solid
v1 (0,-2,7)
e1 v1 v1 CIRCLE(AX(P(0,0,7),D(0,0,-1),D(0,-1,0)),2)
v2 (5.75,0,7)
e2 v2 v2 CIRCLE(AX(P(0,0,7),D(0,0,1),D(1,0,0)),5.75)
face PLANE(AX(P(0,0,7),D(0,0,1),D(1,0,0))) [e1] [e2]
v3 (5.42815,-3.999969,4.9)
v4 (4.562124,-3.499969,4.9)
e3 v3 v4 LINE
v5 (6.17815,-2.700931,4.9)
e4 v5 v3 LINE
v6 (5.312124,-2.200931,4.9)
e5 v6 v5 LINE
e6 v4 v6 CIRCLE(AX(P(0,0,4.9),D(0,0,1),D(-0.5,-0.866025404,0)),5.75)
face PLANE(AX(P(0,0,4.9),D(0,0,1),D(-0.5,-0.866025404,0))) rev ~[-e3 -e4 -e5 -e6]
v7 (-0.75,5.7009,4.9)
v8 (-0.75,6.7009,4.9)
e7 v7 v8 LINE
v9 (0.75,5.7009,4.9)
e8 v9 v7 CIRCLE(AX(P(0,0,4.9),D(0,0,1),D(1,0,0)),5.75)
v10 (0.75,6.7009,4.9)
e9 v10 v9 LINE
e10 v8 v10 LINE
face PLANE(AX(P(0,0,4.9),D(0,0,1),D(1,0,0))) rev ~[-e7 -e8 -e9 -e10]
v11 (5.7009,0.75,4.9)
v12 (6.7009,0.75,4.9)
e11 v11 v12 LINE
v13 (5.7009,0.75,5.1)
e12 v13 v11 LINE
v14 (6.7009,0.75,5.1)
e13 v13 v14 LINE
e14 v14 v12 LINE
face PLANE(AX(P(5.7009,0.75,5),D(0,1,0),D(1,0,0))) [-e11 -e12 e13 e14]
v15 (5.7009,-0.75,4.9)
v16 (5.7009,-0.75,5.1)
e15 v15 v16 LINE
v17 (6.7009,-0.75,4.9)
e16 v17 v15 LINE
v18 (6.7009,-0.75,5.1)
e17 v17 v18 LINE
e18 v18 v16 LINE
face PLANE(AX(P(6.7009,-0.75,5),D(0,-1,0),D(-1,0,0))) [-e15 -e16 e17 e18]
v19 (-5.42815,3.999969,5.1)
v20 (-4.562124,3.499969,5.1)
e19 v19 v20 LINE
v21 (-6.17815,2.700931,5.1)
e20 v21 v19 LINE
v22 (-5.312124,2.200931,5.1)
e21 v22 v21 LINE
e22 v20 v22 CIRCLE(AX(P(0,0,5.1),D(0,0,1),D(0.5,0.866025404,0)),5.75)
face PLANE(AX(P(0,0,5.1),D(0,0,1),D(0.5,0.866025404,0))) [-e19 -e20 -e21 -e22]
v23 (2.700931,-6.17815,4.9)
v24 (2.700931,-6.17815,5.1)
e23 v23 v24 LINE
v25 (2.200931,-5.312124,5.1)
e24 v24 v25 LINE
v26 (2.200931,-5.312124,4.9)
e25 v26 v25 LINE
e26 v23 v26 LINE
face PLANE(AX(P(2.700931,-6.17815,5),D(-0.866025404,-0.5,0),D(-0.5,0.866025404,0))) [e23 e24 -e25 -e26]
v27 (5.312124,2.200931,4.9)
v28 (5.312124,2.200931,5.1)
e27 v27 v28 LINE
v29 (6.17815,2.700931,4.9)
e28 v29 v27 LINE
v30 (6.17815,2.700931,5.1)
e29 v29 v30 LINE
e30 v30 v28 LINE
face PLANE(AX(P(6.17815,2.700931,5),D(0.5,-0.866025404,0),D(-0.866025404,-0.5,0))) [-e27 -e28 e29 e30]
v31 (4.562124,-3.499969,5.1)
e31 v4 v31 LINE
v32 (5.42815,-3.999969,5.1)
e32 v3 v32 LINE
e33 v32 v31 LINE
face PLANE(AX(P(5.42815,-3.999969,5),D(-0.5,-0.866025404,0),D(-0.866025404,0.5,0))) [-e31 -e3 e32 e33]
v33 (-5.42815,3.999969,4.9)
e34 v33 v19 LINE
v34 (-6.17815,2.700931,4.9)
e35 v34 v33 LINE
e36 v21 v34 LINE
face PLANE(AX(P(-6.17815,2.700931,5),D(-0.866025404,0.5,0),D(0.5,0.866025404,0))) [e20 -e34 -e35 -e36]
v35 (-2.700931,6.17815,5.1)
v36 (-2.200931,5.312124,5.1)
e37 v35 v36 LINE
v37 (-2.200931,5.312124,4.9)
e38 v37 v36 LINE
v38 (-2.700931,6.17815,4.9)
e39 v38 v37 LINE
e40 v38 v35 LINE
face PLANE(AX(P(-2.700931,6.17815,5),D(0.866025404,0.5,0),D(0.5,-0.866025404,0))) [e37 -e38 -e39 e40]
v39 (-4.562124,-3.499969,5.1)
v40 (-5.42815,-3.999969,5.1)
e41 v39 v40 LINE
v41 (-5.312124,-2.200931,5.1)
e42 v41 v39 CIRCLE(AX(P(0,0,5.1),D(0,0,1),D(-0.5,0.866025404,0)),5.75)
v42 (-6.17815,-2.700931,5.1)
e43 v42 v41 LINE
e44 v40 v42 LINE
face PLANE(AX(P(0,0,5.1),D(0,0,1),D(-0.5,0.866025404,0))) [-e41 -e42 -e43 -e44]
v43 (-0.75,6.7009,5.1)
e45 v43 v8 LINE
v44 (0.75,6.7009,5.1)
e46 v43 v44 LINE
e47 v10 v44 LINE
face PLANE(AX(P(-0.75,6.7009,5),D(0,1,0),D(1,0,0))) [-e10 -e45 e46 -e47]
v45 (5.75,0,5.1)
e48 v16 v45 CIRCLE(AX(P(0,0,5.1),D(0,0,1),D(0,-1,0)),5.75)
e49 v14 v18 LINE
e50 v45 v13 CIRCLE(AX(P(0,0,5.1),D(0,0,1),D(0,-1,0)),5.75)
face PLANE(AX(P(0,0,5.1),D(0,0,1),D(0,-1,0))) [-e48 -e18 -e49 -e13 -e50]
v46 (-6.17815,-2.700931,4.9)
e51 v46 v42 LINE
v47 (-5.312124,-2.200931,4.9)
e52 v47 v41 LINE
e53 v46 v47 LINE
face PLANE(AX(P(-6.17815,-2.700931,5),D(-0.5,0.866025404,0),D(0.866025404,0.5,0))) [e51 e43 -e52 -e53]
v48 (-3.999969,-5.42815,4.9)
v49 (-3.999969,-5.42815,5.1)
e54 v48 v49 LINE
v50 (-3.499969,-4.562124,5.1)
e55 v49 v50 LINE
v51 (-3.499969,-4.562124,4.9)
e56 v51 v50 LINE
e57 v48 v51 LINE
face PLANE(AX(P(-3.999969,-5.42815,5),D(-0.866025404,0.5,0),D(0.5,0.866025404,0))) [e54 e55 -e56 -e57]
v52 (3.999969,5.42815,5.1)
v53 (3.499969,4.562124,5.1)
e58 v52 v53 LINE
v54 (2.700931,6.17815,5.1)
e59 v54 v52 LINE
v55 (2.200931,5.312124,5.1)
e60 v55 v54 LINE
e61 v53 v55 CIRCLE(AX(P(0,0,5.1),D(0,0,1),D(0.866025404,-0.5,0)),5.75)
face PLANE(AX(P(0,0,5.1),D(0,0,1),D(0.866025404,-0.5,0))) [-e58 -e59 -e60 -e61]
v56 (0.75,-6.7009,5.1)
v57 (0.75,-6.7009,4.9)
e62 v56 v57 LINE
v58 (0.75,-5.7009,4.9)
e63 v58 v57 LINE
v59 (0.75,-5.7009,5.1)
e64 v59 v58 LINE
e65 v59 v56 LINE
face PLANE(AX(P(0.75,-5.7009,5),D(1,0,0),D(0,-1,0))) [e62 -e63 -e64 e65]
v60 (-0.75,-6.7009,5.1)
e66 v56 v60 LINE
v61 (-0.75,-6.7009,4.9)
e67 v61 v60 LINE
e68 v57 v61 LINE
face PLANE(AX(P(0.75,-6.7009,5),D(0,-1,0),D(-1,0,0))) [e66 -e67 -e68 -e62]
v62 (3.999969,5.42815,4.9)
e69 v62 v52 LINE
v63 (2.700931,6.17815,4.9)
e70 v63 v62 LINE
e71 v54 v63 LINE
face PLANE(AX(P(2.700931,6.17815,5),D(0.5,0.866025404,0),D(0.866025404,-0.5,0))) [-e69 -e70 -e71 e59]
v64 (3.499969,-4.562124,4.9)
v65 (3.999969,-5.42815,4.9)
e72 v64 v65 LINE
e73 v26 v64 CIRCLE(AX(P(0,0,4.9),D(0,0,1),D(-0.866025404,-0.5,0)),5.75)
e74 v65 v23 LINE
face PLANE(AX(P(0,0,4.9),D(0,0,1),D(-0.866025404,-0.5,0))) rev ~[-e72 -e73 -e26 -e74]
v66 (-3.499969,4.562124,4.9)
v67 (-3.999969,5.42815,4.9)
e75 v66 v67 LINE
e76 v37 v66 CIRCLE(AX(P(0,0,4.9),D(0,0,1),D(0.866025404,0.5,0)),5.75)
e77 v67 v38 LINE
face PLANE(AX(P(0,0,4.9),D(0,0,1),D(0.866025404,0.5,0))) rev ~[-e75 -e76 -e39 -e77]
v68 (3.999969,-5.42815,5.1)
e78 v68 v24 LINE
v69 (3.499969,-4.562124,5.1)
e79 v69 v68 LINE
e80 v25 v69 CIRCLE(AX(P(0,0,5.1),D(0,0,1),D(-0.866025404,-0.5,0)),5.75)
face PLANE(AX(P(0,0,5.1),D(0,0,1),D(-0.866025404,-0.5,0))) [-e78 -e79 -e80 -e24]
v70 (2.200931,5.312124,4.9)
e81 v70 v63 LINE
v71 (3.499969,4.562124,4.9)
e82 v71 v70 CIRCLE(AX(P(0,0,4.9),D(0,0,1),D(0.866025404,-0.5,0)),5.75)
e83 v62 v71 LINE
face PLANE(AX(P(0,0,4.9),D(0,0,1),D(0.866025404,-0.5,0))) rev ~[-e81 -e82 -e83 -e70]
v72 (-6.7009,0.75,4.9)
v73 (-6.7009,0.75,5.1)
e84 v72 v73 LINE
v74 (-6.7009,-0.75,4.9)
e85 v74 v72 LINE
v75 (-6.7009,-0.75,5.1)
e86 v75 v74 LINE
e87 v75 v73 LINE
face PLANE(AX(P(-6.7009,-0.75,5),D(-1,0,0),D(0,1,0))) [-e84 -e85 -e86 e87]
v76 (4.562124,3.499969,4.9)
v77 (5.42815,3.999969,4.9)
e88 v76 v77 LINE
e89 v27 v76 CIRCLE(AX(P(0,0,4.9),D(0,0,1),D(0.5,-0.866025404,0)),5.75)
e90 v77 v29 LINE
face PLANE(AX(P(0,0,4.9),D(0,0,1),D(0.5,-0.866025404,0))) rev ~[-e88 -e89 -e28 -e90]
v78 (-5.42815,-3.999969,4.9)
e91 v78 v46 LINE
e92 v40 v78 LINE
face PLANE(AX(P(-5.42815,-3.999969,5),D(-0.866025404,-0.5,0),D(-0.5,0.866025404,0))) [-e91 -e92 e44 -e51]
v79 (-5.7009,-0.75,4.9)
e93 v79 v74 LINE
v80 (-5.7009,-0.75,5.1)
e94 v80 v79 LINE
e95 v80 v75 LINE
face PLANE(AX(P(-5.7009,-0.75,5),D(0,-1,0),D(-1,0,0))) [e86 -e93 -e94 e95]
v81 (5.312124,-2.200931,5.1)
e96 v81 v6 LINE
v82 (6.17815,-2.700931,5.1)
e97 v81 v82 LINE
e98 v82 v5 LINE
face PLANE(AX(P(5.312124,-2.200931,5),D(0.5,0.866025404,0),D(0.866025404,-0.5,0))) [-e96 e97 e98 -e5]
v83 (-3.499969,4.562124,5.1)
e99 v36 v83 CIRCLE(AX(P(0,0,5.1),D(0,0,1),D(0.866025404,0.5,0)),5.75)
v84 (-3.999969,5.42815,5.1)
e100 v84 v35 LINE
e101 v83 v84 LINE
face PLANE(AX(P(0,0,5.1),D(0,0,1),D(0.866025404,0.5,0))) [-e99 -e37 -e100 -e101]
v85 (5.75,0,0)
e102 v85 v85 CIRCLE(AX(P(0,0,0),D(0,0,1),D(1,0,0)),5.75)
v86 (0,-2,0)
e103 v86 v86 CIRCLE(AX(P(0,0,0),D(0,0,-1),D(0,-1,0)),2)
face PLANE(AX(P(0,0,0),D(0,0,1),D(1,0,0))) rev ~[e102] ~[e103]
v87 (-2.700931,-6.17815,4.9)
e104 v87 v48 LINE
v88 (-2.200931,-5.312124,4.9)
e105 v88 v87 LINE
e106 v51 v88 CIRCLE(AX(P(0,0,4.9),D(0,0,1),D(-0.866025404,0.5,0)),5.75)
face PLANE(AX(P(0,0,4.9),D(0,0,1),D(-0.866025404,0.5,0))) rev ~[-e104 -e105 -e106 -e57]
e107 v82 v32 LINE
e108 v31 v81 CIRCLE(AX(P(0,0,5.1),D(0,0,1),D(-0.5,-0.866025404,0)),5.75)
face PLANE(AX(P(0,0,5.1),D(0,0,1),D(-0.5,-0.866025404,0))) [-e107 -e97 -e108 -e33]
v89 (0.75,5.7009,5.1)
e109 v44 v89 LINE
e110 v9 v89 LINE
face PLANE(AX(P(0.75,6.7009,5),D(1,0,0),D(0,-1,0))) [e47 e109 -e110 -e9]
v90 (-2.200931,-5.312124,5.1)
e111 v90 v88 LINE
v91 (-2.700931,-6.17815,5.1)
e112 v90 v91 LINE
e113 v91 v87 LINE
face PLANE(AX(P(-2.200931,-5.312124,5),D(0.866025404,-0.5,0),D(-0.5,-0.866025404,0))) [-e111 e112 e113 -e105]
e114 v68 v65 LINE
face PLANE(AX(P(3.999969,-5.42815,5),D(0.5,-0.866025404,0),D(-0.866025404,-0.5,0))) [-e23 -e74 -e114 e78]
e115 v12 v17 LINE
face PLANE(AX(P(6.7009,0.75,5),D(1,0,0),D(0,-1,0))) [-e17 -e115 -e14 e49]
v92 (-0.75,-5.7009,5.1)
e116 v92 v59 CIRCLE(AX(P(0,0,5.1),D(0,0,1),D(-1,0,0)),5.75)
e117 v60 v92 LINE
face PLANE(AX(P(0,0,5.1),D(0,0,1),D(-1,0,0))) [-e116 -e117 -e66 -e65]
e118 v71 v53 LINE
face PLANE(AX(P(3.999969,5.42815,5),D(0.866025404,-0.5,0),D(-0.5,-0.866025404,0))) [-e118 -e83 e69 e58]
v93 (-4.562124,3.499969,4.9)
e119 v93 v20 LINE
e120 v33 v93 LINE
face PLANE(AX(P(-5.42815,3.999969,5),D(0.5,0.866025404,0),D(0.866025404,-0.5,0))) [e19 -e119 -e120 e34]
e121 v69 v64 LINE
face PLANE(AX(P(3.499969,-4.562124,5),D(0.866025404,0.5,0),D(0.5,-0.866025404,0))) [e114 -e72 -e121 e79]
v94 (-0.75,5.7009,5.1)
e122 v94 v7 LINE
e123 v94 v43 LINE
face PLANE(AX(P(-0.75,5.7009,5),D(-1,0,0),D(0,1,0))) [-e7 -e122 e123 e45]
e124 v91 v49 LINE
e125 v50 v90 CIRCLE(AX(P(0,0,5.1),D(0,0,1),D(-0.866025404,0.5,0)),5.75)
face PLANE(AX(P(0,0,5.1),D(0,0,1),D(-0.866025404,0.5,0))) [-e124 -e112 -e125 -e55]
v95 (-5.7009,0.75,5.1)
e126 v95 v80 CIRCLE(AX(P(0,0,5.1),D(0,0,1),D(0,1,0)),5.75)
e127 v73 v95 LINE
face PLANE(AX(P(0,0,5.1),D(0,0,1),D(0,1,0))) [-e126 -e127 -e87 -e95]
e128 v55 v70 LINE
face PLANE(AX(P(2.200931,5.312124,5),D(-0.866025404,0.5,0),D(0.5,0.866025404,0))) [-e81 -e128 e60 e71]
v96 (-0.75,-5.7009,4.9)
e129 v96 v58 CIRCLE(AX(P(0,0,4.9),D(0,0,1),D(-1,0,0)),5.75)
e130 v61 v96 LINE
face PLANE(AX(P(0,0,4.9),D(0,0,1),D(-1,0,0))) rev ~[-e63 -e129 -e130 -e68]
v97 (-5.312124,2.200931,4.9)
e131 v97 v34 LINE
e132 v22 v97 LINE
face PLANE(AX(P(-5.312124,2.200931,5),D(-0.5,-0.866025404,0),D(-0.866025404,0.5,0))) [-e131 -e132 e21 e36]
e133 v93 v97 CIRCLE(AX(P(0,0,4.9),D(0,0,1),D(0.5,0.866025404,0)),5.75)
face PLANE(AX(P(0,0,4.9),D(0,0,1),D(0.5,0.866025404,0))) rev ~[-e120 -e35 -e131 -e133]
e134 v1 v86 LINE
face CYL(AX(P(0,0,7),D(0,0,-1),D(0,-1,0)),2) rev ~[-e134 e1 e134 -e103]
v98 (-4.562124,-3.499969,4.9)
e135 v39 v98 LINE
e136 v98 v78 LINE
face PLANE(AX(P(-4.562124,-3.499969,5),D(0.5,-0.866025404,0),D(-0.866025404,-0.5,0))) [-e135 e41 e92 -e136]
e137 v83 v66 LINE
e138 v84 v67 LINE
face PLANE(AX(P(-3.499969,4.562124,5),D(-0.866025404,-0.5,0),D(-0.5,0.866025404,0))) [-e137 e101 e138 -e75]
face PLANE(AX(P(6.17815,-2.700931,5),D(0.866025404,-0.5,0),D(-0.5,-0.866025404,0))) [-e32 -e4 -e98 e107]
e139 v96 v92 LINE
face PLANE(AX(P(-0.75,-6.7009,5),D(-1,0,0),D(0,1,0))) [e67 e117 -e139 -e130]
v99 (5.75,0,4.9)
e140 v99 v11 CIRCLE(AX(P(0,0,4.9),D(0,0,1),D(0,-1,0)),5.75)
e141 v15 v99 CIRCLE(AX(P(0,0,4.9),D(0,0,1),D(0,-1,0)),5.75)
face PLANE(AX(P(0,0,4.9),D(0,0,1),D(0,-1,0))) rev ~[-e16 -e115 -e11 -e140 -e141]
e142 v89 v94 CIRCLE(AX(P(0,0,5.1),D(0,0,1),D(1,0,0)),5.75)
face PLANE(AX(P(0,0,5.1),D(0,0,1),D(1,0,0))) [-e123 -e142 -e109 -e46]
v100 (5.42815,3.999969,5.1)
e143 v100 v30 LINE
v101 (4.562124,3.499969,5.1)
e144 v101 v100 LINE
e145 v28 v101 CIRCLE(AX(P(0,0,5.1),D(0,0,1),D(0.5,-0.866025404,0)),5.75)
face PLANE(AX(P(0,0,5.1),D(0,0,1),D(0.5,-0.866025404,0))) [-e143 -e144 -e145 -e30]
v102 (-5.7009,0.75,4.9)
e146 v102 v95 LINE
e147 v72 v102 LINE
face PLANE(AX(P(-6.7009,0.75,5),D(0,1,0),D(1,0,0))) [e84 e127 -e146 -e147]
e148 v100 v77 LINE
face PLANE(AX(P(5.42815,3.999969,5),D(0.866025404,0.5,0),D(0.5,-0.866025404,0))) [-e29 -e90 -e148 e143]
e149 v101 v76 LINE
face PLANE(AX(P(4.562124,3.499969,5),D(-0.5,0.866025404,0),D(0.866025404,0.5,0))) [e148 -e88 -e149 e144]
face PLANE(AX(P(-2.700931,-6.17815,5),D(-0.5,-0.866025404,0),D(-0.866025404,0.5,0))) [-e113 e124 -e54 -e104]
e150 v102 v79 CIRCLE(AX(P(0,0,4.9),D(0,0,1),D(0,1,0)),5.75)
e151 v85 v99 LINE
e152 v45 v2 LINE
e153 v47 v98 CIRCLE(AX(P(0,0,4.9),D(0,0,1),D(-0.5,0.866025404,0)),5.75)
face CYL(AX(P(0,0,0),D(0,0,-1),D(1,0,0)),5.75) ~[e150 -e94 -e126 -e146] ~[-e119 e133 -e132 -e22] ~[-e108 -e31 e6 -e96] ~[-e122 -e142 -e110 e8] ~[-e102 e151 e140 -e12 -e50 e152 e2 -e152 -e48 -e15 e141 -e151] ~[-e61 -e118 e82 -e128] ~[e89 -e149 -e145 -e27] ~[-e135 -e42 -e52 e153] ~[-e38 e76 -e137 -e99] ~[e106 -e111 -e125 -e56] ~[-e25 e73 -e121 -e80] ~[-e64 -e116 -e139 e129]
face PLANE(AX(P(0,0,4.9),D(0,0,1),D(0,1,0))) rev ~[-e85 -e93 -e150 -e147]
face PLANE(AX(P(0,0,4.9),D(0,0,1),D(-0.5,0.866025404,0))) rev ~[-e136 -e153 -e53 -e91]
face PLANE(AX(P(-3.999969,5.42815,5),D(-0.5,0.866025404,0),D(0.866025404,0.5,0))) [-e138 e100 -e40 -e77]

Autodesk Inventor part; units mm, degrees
ref_plane "YZ Plane" through (0, 0, 0) normal (1, 0, 0) x (0, 1, 0)
ref_plane "XZ Plane" through (0, 0, 0) normal (0, 1, 0) x (-1, 0, 0)
sketch "Sketch1" plane through (0, 0, 0) normal (0, 0, 1) x (1, 0, 0)
  circle A0 centre (0, 0) radius 5.75
  dimension "d0" = 11.5
extrude "Extrusion1" add sketch "Sketch1" along normal blind 7
ref_plane "Work Plane1" through (0, 0, 5) normal (0, 0, 1) x (1, 0, 0)
sketch "Sketch2" plane through (0, 0, 5) normal (0, 0, 1) x (1, 0, 0)
  circle A0 centre (0, 0) radius 5.75 projected
  circle A1 centre (0, 0) radius 5.75 projected
  line L0 (-0.75, 5.7009) -> (-0.75, 6.7009)
  line L1 (-0.75, 6.7009) -> (0.75, 6.7009)
  line L2 (0.75, 6.7009) -> (0.75, 5.7009)
  dimension "d4" = 1.5
  dimension "d5" = 1
extrude "Extrusion2" add sketch "Sketch2" along normal mid plane 0.2 contours A0 L0 L1 L2
pattern_circular "Circular Pattern1" count 12 over 360 about axis through (0, 0, 0) along (0, 0, 1) of "Extrusion2"
sketch "Sketch3" plane through (0, 0, 7) normal (0, 0, 1) x (1, 0, 0)
  circle A0 centre (0, 0) radius 5.75 projected
hole "Hole1" at (0, 0, 7) direction (0, 0, -1) diameter 4 end through all
properties part number "ExtruderCouplingBowden" material "ABS Plastic"
